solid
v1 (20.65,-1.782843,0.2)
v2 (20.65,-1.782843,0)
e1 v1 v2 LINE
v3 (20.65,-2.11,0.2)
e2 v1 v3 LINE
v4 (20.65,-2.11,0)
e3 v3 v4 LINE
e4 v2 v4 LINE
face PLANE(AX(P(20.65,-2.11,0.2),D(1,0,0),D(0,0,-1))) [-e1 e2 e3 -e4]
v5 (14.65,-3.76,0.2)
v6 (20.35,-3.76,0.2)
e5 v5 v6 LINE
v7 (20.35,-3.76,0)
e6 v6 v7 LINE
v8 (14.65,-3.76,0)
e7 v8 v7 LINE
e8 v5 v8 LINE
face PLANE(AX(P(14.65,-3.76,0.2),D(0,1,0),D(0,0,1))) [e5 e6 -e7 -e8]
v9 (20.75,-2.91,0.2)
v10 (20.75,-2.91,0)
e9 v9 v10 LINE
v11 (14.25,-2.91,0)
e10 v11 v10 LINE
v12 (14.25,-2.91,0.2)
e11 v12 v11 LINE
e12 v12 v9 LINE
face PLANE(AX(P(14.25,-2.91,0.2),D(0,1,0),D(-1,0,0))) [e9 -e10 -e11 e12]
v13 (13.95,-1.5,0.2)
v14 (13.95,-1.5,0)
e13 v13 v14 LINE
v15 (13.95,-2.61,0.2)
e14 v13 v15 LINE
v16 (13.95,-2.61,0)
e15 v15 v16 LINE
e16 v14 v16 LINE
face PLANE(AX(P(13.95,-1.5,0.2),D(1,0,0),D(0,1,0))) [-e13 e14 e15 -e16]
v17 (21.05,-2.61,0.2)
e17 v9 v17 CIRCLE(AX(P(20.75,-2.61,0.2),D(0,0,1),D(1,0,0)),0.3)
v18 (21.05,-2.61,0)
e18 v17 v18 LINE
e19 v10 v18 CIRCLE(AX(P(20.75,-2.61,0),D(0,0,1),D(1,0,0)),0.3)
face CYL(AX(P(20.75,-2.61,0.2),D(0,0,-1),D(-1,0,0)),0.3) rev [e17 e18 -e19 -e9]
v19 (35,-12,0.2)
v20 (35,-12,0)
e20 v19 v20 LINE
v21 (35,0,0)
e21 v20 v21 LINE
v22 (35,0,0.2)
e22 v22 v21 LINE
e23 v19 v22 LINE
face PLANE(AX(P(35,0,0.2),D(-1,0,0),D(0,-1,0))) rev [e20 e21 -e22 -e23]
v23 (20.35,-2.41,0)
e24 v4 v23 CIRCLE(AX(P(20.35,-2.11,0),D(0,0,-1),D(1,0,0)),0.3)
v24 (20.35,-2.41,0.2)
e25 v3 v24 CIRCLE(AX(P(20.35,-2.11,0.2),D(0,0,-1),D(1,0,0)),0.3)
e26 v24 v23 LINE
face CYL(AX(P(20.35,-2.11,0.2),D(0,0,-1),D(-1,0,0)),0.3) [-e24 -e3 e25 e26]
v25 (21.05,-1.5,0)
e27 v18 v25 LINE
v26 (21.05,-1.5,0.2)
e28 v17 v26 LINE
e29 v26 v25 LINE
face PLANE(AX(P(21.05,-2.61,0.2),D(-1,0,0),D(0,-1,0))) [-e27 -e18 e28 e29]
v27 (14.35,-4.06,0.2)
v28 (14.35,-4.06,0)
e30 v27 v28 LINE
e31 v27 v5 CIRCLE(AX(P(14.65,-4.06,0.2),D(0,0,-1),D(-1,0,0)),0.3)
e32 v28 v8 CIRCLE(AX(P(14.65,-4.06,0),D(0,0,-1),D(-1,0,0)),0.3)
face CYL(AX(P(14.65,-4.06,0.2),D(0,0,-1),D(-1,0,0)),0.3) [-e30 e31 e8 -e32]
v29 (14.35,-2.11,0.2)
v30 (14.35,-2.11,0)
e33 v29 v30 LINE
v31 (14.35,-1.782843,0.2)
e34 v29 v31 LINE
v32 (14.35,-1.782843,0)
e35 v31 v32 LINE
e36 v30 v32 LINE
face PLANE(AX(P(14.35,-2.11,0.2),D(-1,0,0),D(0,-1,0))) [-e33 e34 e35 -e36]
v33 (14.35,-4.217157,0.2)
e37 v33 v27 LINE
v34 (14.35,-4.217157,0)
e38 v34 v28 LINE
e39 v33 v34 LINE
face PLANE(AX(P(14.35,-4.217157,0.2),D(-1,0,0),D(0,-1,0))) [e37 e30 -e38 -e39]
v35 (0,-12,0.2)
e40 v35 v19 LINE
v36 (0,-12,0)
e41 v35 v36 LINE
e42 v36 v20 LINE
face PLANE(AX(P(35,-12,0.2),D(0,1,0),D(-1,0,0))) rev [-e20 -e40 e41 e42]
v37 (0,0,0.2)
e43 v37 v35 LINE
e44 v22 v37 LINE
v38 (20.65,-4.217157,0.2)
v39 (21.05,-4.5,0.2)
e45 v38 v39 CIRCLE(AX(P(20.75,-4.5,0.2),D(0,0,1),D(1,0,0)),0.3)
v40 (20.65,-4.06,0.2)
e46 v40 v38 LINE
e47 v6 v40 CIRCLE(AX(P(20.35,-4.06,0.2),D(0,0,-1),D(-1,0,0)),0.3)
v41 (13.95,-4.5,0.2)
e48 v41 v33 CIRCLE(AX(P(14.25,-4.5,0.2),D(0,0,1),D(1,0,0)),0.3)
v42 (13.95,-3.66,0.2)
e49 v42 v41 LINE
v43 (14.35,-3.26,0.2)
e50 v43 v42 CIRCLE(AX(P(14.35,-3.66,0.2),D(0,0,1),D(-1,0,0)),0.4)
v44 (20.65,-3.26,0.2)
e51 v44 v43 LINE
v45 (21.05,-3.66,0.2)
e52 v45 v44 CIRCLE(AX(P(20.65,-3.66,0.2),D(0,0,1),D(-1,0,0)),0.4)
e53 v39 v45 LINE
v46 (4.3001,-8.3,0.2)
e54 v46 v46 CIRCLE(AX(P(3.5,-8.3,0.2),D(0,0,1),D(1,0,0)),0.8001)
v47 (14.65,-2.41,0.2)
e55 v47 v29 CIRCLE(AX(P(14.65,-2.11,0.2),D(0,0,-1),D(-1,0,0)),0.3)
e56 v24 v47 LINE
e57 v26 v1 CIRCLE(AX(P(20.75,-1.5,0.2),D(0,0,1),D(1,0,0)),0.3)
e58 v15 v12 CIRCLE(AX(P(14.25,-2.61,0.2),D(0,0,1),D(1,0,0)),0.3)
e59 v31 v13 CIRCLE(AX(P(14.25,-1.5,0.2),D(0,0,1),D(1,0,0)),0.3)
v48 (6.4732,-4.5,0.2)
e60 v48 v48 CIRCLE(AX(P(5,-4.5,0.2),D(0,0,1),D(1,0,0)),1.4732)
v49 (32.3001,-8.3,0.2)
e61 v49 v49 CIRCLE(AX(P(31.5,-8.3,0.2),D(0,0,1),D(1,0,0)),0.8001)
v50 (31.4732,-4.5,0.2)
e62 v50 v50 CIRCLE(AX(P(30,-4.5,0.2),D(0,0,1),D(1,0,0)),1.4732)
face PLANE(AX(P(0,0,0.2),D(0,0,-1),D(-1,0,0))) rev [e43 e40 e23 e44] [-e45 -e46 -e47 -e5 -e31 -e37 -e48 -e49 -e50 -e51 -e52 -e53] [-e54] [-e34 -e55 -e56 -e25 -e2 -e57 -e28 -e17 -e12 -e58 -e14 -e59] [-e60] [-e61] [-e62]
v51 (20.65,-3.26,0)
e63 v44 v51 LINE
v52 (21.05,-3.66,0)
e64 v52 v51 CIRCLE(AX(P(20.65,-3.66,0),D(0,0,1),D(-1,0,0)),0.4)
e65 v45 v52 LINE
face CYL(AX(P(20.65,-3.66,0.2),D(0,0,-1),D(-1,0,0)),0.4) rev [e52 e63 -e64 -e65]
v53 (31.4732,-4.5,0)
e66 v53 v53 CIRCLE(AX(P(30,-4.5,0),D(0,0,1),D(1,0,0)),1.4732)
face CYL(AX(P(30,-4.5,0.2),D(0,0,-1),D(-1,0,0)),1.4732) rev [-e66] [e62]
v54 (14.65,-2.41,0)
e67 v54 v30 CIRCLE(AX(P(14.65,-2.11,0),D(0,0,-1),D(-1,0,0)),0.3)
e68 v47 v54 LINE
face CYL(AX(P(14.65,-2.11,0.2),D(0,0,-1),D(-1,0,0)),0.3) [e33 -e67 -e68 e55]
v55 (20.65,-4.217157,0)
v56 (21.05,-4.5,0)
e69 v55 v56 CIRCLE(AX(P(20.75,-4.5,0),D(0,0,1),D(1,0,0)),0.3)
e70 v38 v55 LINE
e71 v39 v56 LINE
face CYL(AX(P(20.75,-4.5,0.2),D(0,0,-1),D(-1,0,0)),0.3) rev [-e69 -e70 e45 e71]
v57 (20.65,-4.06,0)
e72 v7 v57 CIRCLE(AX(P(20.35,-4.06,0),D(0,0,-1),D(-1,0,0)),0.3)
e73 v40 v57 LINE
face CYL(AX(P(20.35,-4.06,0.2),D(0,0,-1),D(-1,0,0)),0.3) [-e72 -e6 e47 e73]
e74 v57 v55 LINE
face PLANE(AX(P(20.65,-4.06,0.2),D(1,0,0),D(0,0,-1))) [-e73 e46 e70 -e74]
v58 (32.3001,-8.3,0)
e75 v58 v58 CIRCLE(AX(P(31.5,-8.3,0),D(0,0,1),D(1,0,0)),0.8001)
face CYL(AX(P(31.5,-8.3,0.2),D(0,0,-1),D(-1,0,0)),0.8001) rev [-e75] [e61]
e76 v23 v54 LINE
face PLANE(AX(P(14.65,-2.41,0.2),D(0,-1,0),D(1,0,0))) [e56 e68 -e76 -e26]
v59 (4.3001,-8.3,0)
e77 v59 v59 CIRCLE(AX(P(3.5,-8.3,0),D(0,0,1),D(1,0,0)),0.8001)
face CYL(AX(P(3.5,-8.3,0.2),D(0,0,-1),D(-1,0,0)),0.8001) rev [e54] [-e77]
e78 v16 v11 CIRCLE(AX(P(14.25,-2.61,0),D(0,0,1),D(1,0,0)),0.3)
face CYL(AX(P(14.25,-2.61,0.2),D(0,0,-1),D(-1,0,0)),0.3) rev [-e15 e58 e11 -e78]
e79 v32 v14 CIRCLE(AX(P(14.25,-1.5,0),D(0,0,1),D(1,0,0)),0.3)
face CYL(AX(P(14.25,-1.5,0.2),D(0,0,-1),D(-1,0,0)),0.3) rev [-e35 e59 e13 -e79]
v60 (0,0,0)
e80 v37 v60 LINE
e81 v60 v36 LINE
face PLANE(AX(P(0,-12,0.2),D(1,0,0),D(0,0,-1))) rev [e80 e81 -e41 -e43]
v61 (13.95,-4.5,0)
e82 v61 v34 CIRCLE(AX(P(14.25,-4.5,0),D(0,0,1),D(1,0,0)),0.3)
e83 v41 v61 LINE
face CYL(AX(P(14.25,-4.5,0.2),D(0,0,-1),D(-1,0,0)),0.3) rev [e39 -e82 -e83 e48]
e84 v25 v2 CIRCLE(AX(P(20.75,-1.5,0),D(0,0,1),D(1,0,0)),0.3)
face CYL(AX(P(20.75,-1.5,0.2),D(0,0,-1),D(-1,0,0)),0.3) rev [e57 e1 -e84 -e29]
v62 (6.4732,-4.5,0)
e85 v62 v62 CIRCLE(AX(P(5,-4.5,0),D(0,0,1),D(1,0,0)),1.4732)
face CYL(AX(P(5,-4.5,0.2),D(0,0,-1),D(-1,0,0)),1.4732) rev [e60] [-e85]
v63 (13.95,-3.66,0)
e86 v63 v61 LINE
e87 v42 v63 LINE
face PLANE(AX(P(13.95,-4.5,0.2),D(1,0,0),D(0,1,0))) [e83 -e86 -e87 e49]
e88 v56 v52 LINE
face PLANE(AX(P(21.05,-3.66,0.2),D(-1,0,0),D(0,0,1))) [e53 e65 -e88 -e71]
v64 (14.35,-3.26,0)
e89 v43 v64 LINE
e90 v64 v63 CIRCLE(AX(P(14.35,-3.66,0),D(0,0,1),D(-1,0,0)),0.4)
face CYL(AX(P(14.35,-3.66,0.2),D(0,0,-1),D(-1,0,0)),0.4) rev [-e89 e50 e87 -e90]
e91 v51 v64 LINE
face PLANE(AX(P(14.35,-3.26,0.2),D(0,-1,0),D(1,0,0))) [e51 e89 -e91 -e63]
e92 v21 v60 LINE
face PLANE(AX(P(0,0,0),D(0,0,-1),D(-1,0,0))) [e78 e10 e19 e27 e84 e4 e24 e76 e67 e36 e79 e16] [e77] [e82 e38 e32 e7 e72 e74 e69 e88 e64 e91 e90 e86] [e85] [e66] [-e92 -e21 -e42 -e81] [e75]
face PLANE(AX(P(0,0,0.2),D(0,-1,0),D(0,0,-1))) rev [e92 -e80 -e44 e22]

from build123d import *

# Parameters (mm, degrees)
SKETCH1_W           = 35
SKETCH1_H           = 12
SKETCH1_R           = 0.8001
SKETCH1_R_2         = 1.4732
BOSS_EXTRUDE1_DEPTH = 0.2


with BuildPart() as part:
    # Sketch1 → Boss-Extrude1 (new body)
    with BuildSketch(Plane.XY):
        with Locations((17.5, -6)):
            Rectangle(SKETCH1_W, SKETCH1_H)
        with Locations((3.5, -8.3)):
            Circle(SKETCH1_R, mode=Mode.SUBTRACT)
        with Locations((5, -4.5)):
            Circle(SKETCH1_R_2, mode=Mode.SUBTRACT)
        with Locations((30, -4.5)):
            Circle(SKETCH1_R_2, mode=Mode.SUBTRACT)
        with Locations((31.5, -8.3)):
            Circle(SKETCH1_R, mode=Mode.SUBTRACT)
        with BuildLine():
            Line((13.95, -4.5), (13.95, -3.66))
            ThreePointArc((13.95, -3.66), (14.067157288, -3.377157288), (14.35, -3.26))
            Line((14.35, -3.26), (20.65, -3.26))
            ThreePointArc((20.65, -3.26), (20.932842712, -3.377157288), (21.05, -3.66))
            Line((21.05, -3.66), (21.05, -4.5))
            ThreePointArc((21.05, -4.5), (20.576794919, -4.744948974), (20.65, -4.217157288))
            Line((20.65, -4.217157288), (20.65, -4.06))
            ThreePointArc((20.65, -4.06), (20.562132034, -3.847867966), (20.35, -3.76))
            Line((20.35, -3.76), (14.65, -3.76))
            ThreePointArc((14.65, -3.76), (14.437867966, -3.847867966), (14.35, -4.06))
            Line((14.35, -4.06), (14.35, -4.217157288))
            ThreePointArc((14.35, -4.217157288), (14.423205081, -4.744948974), (13.95, -4.5))
        make_face(mode=Mode.SUBTRACT)
        with BuildLine():
            Line((14.35, -2.11), (14.35, -1.782842712))
            ThreePointArc((14.35, -1.782842712), (14.423205081, -1.255051026), (13.95, -1.5))
            Line((13.95, -1.5), (13.95, -2.61))
            ThreePointArc((13.95, -2.61), (14.037867966, -2.822132034), (14.25, -2.91))
            Line((14.25, -2.91), (20.75, -2.91))
            ThreePointArc((20.75, -2.91), (20.962132034, -2.822132034), (21.05, -2.61))
            Line((21.05, -2.61), (21.05, -1.5))
            ThreePointArc((21.05, -1.5), (20.576794919, -1.255051026), (20.65, -1.782842712))
            Line((20.65, -1.782842712), (20.65, -2.11))
            ThreePointArc((20.65, -2.11), (20.562132034, -2.322132034), (20.35, -2.41))
            Line((20.35, -2.41), (14.65, -2.41))
            ThreePointArc((14.65, -2.41), (14.437867966, -2.322132034), (14.35, -2.11))
        make_face(mode=Mode.SUBTRACT)
    extrude(amount=BOSS_EXTRUDE1_DEPTH)


solid = part.part
